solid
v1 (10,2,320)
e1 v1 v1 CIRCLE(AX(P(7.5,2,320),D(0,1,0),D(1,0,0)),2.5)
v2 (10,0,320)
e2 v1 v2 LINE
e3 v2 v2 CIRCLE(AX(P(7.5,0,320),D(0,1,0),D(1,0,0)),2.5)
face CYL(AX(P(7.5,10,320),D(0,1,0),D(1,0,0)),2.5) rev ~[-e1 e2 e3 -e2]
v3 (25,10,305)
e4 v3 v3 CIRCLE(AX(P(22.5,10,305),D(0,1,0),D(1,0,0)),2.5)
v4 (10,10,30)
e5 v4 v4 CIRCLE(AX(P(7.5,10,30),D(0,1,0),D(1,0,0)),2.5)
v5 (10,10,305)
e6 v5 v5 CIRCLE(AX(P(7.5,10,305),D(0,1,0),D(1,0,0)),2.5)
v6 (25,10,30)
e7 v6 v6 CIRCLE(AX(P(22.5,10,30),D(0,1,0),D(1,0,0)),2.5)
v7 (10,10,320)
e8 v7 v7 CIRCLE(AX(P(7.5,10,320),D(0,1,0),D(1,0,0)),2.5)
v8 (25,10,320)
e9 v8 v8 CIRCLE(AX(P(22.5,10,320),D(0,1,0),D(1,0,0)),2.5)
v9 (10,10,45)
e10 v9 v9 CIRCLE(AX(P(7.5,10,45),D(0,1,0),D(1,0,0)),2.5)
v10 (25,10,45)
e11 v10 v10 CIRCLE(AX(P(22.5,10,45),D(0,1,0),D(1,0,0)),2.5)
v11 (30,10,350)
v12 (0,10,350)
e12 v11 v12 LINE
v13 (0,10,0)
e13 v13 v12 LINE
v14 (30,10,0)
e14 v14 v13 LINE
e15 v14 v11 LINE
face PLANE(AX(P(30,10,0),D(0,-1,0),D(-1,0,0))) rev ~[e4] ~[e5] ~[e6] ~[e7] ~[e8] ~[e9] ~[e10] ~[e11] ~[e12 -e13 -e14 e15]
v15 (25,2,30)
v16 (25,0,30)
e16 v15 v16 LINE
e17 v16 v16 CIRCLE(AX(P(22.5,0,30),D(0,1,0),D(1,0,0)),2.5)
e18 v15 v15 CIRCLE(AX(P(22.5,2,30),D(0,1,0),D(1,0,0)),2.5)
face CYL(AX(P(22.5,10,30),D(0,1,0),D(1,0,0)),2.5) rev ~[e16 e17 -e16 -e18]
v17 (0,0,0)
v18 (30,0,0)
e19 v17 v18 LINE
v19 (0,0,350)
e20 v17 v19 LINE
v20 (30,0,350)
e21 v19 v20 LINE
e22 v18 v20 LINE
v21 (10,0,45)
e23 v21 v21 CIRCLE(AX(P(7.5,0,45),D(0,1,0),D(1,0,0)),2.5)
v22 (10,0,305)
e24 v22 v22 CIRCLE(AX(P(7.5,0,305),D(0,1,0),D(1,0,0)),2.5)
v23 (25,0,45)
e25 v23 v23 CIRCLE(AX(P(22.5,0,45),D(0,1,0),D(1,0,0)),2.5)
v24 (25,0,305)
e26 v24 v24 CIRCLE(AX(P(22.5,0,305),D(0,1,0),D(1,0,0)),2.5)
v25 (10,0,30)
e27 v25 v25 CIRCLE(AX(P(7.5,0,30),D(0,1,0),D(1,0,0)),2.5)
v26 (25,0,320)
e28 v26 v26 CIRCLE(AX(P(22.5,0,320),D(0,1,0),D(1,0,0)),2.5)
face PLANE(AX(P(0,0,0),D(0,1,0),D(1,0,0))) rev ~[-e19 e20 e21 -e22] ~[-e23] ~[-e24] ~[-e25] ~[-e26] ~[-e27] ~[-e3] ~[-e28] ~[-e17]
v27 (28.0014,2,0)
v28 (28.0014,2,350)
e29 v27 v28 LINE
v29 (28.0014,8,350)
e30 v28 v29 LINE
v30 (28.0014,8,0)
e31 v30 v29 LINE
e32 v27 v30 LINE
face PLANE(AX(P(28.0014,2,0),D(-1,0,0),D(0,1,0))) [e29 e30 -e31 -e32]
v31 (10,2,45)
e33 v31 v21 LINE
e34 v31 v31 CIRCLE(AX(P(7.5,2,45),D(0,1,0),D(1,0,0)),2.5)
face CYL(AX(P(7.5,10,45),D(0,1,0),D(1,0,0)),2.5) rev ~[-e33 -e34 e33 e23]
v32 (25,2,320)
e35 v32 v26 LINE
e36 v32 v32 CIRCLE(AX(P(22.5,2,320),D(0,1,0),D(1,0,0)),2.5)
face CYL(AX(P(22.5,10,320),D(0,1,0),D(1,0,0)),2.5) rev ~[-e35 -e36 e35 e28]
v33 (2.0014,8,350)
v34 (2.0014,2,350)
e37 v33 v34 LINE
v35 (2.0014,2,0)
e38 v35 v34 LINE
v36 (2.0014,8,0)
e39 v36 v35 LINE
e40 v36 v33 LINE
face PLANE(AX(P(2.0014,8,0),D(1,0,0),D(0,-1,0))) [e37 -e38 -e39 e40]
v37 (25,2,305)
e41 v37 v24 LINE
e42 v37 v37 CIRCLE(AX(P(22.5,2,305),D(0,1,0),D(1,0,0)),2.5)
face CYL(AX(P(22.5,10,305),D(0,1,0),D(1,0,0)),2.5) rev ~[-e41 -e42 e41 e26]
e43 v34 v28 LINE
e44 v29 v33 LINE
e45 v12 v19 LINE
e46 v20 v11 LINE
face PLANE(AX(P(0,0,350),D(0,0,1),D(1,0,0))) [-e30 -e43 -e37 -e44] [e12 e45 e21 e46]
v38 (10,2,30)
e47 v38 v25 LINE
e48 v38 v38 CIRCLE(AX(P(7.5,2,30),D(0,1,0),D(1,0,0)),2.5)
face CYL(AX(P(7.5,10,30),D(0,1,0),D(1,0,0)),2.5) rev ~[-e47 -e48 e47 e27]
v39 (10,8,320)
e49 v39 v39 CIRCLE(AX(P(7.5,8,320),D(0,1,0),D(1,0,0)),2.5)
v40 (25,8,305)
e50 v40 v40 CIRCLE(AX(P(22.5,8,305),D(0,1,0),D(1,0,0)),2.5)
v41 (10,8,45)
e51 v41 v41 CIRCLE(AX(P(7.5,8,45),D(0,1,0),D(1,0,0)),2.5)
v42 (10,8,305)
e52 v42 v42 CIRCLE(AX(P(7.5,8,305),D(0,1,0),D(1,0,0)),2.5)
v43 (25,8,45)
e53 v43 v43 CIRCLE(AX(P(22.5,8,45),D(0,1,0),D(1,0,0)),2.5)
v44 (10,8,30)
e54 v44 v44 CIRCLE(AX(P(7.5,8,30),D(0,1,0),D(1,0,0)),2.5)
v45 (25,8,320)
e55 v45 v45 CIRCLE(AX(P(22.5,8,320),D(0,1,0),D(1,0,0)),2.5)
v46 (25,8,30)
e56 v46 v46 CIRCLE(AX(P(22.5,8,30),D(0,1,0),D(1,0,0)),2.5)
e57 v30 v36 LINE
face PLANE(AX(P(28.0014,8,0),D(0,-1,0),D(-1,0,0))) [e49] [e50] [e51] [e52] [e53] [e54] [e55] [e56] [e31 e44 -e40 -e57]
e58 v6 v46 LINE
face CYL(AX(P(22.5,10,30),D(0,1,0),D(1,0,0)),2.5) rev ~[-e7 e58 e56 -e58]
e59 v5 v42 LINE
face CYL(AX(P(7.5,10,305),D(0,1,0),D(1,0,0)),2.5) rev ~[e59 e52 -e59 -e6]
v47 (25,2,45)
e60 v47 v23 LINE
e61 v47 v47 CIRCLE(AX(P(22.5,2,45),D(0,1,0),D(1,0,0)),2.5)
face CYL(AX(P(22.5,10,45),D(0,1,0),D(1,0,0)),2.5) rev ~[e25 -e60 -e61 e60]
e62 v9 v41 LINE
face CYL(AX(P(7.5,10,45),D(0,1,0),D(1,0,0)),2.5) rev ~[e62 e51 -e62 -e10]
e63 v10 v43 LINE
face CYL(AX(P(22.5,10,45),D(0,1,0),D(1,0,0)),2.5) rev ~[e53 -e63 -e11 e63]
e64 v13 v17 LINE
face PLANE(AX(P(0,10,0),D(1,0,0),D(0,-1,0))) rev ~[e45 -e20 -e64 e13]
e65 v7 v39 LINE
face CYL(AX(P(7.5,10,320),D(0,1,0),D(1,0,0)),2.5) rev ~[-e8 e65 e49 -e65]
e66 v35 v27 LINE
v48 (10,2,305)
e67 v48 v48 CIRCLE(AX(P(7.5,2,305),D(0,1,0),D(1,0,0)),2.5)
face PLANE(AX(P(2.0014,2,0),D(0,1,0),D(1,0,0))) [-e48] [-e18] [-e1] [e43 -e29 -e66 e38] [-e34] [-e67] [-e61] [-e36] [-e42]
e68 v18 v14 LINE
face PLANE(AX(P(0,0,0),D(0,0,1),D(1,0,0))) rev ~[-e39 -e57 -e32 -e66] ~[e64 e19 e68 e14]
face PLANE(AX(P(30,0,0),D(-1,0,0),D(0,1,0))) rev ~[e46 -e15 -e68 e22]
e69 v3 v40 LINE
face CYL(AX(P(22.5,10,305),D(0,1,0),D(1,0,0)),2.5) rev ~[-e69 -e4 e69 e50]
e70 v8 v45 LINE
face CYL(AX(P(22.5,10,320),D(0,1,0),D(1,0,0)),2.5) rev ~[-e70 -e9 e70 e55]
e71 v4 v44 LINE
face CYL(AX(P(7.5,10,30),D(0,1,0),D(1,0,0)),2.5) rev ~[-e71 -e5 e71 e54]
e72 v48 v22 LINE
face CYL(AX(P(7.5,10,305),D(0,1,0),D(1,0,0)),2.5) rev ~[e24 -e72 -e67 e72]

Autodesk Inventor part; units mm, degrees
ref_plane "YZ Plane" through (0, 0, 0) normal (1, 0, 0) x (0, 1, 0)
ref_plane "XZ Plane" through (0, 0, 0) normal (0, 1, 0) x (-1, 0, 0)
ref_plane "XY Plane" through (0, 0, 0) normal (0, 0, 1) x (1, 0, 0)
sketch "Sketch2" plane through (0, 0, 0) normal (0, 0, 1) x (1, 0, 0)
  line L0 (0, 0) -> (30, 0)
  line L1 (30, 0) -> (30, 10)
  line L2 (30, 10) -> (0, 10)
  line L3 (0, 10) -> (0, 0)
  line L4 (2.0014, 2) -> (28.0014, 2)
  line L5 (28.0014, 2) -> (28.0014, 8)
  line L6 (28.0014, 8) -> (2.0014, 8)
  line L7 (2.0014, 8) -> (2.0014, 2)
  dimension "d0" = 30
  dimension "d1" = 10
  dimension "d2" = 26
  dimension "d3" = 6
extrude "Extrusion1" add sketch "Sketch2" along normal blind 350
sketch "Sketch3" plane through (0, 10, 0) normal (0, 1, 0) x (1, 0, 0)
  circle A0 centre (7.5, -30) radius 2.5
  circle A1 centre (22.5, -30) radius 2.5
  circle A2 centre (7.5, -45) radius 2.5
  circle A3 centre (22.5, -45) radius 2.5
  circle A4 centre (7.5, -320) radius 2.5
  circle A5 centre (22.5, -320) radius 2.5
  circle A6 centre (7.5, -305) radius 2.5
  circle A7 centre (22.5, -305) radius 2.5
  point P0 (0, 0)
  dimension "d6" = 5
  dimension "d7" = 5
  dimension "d8" = 5
  dimension "d9" = 5
  dimension "d10" = 5
  dimension "d11" = 5
  dimension "d12" = 5
  dimension "d13" = 5
extrude "Extrusion2" cut sketch "Sketch3" against normal blind 169.1125
properties part number "long_frame" material "Aluminum 6061"
